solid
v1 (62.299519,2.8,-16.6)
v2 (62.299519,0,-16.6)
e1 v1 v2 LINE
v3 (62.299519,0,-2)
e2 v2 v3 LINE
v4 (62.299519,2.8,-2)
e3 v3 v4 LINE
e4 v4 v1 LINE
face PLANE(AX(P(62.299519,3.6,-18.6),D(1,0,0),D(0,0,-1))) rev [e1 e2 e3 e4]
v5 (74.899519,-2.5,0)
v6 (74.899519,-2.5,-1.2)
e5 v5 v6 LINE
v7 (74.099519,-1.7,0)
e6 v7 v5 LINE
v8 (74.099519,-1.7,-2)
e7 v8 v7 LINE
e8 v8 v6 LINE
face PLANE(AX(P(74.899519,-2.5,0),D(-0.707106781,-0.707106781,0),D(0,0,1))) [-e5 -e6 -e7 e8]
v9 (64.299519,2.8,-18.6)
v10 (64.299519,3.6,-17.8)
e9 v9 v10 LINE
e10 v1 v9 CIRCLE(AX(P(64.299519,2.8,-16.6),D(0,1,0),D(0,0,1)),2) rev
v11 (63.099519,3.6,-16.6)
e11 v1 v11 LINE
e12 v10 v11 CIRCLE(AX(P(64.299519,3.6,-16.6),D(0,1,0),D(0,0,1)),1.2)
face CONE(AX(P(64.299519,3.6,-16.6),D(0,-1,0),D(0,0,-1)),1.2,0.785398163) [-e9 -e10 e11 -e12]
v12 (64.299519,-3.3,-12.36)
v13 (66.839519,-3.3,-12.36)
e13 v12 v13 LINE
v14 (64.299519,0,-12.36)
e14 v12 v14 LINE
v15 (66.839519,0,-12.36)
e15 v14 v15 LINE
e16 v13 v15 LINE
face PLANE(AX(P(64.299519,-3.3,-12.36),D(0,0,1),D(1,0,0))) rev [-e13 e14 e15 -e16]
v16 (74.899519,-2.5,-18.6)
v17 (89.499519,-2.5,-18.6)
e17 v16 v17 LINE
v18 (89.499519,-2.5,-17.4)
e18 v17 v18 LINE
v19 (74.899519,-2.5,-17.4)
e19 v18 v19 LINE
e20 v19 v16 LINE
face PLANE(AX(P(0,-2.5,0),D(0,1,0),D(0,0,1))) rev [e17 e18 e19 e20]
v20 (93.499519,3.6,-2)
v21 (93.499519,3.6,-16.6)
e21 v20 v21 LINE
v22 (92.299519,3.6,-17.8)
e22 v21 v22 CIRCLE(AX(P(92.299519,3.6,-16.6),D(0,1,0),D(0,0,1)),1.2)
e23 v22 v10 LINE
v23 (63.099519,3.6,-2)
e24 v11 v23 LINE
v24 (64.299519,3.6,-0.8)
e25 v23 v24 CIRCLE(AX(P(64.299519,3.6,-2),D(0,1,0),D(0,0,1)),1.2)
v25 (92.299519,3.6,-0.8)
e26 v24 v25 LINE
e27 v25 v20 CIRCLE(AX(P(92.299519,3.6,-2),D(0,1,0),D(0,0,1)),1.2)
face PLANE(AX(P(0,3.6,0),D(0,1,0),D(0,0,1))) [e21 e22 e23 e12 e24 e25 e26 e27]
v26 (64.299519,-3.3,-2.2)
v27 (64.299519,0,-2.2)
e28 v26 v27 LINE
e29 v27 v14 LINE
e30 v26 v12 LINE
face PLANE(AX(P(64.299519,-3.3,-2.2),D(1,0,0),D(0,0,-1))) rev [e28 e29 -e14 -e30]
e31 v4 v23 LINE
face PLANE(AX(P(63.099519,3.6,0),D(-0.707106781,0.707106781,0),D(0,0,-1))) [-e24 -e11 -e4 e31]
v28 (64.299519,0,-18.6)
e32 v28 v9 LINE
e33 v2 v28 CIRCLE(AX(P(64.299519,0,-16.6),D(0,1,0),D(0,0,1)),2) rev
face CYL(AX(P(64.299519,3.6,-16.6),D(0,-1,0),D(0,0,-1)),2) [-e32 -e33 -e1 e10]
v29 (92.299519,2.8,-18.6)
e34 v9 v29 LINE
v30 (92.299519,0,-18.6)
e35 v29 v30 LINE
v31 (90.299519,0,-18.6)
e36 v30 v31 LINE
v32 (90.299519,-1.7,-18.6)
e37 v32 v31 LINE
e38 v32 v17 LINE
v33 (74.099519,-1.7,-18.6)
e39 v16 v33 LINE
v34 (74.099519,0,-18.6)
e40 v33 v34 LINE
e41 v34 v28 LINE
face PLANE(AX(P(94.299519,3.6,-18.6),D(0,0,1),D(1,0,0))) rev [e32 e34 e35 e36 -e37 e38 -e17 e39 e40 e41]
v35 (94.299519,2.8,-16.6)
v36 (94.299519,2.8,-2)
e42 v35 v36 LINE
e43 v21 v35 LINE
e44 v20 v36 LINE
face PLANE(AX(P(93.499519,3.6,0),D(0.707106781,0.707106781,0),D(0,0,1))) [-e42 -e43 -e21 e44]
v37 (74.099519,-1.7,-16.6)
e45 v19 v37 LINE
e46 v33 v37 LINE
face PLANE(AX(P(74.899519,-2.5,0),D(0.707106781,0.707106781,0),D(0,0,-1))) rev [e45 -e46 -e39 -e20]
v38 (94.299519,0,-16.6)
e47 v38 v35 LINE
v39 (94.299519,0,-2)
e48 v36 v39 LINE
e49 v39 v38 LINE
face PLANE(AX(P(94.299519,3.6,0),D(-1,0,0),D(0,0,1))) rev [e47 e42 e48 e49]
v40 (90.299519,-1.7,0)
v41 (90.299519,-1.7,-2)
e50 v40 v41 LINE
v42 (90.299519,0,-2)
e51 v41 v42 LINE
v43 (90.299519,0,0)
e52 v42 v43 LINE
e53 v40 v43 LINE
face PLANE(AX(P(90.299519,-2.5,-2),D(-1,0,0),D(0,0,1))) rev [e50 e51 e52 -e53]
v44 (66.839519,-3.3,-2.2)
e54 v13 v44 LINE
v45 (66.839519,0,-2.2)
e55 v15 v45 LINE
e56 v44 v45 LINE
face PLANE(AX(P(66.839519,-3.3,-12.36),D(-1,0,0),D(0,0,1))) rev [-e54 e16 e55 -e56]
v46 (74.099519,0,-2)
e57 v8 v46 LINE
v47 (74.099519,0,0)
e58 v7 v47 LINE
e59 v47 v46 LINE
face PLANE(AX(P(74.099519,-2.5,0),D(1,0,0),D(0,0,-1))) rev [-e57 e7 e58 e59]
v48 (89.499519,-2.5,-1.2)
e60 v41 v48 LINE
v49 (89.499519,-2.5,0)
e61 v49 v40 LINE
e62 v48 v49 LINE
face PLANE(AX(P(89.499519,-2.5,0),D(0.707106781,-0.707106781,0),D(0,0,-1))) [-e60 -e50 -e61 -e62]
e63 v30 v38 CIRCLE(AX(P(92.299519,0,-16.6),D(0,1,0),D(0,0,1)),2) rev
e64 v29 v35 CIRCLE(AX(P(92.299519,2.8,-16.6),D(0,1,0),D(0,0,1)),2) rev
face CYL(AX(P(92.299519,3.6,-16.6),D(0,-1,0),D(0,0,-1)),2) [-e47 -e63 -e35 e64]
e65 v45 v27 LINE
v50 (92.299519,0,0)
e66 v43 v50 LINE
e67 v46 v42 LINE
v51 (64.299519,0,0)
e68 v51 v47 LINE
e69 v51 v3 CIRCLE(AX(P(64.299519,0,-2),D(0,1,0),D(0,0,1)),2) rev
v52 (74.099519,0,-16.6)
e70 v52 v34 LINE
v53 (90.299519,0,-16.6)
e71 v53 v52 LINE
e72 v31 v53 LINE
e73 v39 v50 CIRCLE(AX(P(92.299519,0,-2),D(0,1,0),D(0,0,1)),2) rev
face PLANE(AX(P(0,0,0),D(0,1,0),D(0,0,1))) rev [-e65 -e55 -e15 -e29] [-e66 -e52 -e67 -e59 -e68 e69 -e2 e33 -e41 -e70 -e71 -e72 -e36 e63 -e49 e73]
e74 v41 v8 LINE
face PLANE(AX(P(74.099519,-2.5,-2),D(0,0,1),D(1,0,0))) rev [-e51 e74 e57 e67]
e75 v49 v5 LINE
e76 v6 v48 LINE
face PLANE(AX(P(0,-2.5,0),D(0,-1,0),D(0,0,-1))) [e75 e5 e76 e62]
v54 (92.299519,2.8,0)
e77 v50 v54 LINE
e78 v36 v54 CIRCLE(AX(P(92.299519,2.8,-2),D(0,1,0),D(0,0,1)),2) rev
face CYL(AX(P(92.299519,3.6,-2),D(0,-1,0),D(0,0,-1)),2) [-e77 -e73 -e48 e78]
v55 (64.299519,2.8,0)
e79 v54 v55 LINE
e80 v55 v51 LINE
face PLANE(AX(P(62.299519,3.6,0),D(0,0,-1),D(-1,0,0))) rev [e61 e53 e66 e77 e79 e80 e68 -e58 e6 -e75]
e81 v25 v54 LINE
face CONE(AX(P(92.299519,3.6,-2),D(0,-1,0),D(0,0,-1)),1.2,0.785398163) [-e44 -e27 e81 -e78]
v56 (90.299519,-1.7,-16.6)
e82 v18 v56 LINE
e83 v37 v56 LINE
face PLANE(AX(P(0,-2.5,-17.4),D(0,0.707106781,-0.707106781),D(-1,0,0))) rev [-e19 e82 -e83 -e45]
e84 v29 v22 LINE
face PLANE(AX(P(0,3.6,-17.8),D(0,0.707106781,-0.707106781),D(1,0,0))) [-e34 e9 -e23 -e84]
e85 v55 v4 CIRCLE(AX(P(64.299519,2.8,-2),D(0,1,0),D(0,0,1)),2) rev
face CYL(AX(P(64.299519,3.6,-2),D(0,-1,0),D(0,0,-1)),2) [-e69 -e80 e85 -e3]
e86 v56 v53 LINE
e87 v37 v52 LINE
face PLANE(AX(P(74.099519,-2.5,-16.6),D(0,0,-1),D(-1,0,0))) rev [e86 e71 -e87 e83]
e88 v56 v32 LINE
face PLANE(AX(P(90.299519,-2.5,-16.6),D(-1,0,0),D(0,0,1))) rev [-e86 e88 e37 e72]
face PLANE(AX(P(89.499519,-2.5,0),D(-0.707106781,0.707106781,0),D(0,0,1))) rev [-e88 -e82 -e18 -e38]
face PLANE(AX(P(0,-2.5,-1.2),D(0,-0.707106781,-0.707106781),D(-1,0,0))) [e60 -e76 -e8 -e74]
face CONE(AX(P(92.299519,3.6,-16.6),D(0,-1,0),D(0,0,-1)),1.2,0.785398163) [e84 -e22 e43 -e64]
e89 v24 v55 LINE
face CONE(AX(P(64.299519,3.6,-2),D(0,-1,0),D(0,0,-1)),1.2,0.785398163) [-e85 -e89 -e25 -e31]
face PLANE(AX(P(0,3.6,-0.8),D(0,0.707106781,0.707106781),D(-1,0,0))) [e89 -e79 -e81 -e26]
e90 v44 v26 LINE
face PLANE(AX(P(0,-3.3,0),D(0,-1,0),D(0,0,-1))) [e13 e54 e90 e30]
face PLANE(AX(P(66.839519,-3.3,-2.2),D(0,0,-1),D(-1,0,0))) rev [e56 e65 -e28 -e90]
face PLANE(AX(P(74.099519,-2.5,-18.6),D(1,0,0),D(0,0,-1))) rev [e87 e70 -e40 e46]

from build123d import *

# Parameters (mm, degrees)
SKETCH_1_W      = 32
SKETCH_1_H      = 18.6
EXTRUDE_1_DEPTH = 3.6
SKETCH_2_W      = 2.54
SKETCH_2_H      = 10.16
EXTRUDE_2_DEPTH = 3.3
SKETCH_3_W      = 16.2
SKETCH_3_H      = 2
EXTRUDE_3_DEPTH = 2.5
FILLET_1_R      = 2
CHAMFER_1_SIZE  = 0.8
CHAMFER_2_SIZE  = 0.8


with BuildPart() as part:
    # 草图1 → 凸台-拉伸1 (new body)
    with BuildSketch(Plane(origin=(0, 0, 0), x_dir=(1, 0, 0), z_dir=(0, 1, 0))):
        with Locations((78.299519248, 9.3)):
            Rectangle(SKETCH_1_W, SKETCH_1_H)
    extrude(amount=EXTRUDE_1_DEPTH)

    # 草图2 → 凸台-拉伸2 (add)
    with BuildSketch(Plane.XZ):
        with Locations((65.569519248, -7.28)):
            Rectangle(SKETCH_2_W, SKETCH_2_H)
    extrude(amount=EXTRUDE_2_DEPTH)

    # 草图3 → 凸台-拉伸3 (add)
    with BuildSketch(Plane.XZ):
        with Locations((82.199519248, -17.6)):
            Rectangle(SKETCH_3_W, SKETCH_3_H)
        with Locations((82.199519248, -1)):
            Rectangle(SKETCH_3_W, SKETCH_3_H)
    extrude(amount=EXTRUDE_3_DEPTH)

    # 圆角1
    fillet_1_edges = [part.edges().sort_by_distance(p)[0] for p in [
        (62.299519248, 1.8, -18.6),
        (94.299519248, 1.8, -18.6),
        (94.299519248, 1.8, 0),
        (62.299519248, 1.8, 0),
    ]]
    fillet(fillet_1_edges, radius=FILLET_1_R)

    # 倒角1
    chamfer_1_edges = [part.edges().sort_by_distance(p)[0] for p in [
        (62.299519248, 3.6, -9.3),
        (78.299519248, 3.6, -18.6),
        (78.299519248, 3.6, 0),
        (94.299519248, 3.6, -9.3),
        (62.885305686, 3.6, -0.585786438),
        (93.71373281, 3.6, -0.585786438),
        (93.71373281, 3.6, -18.014213562),
        (62.885305686, 3.6, -18.014213562),
    ]]
    chamfer(chamfer_1_edges, length=CHAMFER_1_SIZE)

    # 倒角2
    chamfer_2_edges = [part.edges().sort_by_distance(p)[0] for p in [
        (90.299519248, -2.5, -17.6),
        (82.199519248, -2.5, -16.6),
        (74.099519248, -2.5, -17.6),
        (82.199519248, -2.5, -2),
        (90.299519248, -2.5, -1),
        (74.099519248, -2.5, -1),
    ]]
    chamfer(chamfer_2_edges, length=CHAMFER_2_SIZE)


solid = part.part
